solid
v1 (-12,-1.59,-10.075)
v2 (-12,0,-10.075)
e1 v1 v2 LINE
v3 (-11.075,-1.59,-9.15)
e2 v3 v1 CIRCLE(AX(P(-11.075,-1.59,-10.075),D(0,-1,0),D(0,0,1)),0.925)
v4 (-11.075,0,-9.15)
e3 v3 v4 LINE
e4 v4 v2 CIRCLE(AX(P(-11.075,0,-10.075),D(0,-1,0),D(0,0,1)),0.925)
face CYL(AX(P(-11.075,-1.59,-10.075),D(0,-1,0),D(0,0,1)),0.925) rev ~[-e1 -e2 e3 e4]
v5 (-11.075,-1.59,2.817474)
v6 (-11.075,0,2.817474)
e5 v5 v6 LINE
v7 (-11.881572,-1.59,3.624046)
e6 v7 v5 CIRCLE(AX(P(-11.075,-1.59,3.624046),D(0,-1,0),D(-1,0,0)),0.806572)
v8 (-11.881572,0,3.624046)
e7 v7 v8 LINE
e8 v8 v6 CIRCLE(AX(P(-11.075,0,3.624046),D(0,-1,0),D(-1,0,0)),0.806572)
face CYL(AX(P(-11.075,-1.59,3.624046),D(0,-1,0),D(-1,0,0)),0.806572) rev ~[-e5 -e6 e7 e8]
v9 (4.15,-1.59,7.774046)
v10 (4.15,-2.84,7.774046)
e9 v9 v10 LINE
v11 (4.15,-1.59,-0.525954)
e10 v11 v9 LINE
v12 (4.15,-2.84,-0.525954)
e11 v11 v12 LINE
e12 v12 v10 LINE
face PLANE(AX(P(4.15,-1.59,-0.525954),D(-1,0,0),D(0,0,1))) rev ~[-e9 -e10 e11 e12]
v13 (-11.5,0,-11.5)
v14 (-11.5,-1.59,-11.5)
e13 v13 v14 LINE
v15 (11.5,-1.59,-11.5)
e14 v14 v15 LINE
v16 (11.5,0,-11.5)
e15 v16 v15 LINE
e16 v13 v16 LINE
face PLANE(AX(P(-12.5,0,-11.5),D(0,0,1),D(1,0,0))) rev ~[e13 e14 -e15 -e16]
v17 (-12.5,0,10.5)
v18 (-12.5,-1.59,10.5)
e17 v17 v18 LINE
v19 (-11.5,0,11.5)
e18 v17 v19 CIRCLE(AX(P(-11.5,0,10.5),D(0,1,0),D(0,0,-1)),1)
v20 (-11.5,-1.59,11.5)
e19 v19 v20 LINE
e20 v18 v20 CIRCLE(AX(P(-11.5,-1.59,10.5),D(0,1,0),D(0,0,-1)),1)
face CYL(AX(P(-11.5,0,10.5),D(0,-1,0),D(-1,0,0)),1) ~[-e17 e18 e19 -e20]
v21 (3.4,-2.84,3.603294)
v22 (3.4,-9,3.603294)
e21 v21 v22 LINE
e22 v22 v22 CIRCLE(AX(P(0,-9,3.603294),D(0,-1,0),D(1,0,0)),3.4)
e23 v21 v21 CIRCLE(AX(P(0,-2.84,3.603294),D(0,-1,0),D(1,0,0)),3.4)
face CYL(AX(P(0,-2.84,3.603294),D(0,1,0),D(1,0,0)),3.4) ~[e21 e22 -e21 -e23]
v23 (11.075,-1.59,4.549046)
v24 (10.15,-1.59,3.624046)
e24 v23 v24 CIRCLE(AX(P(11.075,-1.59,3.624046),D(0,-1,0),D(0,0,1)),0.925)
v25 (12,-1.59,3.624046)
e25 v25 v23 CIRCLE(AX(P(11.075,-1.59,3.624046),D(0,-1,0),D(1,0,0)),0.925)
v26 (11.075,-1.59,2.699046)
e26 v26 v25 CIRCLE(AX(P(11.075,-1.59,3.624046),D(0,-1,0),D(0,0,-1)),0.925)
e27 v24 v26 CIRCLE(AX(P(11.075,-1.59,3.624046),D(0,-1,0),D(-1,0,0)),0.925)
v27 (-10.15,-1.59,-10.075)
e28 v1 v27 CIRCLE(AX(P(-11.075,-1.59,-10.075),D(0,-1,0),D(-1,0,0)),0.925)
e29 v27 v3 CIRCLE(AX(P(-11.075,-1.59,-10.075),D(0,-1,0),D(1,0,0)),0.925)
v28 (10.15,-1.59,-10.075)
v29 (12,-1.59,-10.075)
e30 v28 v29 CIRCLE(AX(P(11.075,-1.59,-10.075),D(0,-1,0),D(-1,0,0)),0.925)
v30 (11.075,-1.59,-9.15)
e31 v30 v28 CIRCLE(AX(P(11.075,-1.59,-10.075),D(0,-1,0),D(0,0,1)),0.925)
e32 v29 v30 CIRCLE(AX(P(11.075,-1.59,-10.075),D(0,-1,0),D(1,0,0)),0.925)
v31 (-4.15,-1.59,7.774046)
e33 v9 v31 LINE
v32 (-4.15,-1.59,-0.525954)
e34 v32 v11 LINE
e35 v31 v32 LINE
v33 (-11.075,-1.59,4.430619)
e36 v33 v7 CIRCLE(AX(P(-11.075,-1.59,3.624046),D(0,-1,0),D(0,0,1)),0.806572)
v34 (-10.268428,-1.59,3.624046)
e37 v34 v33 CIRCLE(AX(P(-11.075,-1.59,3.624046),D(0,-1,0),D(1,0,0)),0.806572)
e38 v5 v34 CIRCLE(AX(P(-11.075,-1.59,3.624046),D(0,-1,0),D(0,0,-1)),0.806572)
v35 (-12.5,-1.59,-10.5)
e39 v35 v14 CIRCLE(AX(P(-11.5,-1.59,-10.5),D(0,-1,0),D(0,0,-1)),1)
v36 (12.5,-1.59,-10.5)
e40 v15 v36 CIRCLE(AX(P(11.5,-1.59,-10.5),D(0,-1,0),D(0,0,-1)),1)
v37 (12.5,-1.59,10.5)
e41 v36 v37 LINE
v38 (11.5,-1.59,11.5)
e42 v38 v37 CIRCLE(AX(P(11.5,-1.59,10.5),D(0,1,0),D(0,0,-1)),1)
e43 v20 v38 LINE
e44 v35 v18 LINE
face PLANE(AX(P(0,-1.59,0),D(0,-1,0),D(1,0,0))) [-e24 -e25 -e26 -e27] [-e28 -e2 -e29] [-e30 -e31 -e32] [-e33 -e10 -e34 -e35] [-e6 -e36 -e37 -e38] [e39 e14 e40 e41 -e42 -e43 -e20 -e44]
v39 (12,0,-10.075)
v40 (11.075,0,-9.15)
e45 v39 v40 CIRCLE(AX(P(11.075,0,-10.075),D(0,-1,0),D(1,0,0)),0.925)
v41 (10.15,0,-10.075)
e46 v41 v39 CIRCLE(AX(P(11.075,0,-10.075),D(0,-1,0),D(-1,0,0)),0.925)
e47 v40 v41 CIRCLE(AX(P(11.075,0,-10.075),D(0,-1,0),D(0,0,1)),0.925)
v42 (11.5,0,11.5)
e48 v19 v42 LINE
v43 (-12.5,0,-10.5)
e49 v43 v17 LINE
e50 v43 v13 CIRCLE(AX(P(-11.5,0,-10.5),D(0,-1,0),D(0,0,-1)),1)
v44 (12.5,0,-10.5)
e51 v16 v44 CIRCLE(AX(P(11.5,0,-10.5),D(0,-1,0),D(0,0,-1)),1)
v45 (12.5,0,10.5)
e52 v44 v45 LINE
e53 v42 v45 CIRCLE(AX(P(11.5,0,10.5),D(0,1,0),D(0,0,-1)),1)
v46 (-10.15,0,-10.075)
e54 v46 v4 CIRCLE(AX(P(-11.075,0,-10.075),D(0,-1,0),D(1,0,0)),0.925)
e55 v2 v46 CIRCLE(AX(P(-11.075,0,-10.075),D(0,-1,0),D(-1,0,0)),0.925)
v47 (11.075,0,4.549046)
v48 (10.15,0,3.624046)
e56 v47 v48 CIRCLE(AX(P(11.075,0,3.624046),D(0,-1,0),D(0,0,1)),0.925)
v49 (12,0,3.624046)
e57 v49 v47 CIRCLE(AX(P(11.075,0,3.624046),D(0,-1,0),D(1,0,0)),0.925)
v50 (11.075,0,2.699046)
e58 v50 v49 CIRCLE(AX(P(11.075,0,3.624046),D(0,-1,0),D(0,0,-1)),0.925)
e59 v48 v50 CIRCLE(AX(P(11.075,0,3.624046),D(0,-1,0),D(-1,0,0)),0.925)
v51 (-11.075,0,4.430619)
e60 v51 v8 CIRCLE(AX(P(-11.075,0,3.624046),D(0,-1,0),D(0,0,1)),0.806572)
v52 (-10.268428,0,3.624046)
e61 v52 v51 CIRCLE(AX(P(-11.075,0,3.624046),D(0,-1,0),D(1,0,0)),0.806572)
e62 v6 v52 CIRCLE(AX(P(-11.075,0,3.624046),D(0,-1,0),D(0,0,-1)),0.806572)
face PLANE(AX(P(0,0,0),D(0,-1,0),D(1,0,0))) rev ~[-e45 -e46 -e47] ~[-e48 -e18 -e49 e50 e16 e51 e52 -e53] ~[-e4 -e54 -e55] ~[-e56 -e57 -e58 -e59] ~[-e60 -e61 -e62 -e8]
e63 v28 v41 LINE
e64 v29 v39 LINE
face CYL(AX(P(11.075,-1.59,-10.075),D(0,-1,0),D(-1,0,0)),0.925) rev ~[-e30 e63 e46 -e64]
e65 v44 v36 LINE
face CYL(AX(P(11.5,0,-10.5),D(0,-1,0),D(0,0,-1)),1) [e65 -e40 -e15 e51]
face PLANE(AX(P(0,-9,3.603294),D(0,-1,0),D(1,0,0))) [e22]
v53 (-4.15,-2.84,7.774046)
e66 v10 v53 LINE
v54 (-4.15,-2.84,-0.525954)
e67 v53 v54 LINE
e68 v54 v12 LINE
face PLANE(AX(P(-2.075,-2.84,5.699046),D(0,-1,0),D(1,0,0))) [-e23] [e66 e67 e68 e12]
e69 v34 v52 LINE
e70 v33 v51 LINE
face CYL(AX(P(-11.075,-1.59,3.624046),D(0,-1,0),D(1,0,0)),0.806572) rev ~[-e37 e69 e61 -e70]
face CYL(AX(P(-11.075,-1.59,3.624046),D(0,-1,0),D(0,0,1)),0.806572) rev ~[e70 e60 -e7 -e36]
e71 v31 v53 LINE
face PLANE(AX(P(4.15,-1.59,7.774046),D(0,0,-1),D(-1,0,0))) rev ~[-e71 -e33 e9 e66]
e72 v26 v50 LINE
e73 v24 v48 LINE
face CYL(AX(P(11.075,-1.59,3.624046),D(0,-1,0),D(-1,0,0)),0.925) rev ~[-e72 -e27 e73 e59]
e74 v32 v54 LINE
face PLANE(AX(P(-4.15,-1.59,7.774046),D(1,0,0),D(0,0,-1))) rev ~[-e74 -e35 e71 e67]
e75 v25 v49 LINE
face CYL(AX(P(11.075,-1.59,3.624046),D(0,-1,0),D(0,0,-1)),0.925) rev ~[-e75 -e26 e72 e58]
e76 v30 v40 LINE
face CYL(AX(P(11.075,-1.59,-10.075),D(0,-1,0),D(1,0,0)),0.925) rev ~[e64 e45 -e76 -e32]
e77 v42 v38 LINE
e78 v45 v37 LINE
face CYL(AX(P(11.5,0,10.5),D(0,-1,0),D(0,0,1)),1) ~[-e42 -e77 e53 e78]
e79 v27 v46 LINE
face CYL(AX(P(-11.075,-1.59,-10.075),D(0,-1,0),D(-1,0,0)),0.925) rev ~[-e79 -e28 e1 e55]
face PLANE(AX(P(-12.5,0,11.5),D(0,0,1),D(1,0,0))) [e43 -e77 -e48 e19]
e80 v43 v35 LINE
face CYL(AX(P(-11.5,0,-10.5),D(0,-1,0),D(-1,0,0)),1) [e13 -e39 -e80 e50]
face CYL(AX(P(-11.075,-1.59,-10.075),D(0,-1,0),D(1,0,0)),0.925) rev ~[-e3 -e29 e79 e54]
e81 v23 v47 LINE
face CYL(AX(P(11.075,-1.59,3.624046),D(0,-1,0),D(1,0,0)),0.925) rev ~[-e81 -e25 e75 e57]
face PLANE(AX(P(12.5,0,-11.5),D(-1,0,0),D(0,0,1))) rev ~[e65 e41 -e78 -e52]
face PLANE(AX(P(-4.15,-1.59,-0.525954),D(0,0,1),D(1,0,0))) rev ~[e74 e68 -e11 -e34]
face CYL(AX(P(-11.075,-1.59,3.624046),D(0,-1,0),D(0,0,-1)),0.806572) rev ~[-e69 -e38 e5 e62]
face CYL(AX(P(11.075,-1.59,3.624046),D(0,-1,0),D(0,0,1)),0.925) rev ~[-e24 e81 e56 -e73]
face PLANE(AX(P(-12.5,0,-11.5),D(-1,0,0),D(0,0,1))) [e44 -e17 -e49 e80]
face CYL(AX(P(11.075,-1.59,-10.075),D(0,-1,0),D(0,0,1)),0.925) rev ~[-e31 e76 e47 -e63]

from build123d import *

# Parameters (mm, degrees)
F0_W     = 25
F0_H     = 23
F1_DEPTH = 1.59
F3_DEPTH = 25
F2_W     = 4.15
F2_H     = 4.15
F2_H_2   = 3.6240464542
F2_H_3   = 0.5259535458
F4_DEPTH = 1.25
F5_R     = 3.4
F6_DEPTH = 6.16
F7_R     = 1


with BuildPart() as f1:
    # F0 (on Front) → F1 (new body)
    with BuildSketch(Plane.XZ):
        Rectangle(F0_W, F0_H)
    extrude(amount=F1_DEPTH)

    # F2 (on face) → F3 (cut)
    with BuildSketch(Plane.XZ.offset(1.59)):
        with BuildLine():
            Line((-10.2684276358, 3.6240464542), (-11.075, 3.6240464542))
            Line((-11.075, 3.6240464542), (-11.075, 2.81747409))
            ThreePointArc((-11.075, 2.81747409), (-10.5046672118, 3.053713666), (-10.2684276358, 3.6240464542))
        make_face()
        with BuildLine():
            ThreePointArc((-10.2684276358, 3.6240464542), (-10.5046672118, 4.1943792424), (-11.075, 4.4306188184))
            Line((-11.075, 4.4306188184), (-11.075, 3.6240464542))
            Line((-11.075, 3.6240464542), (-10.2684276358, 3.6240464542))
        make_face()
        with BuildLine():
            Line((-11.075, 3.6240464542), (-11.075, 4.4306188184))
            ThreePointArc((-11.075, 4.4306188184), (-11.6453327882, 4.1943792424), (-11.8815723642, 3.6240464542))
            Line((-11.8815723642, 3.6240464542), (-11.075, 3.6240464542))
        make_face()
        with BuildLine():
            Line((-11.075, 2.81747409), (-11.075, 3.6240464542))
            Line((-11.075, 3.6240464542), (-11.8815723642, 3.6240464542))
            ThreePointArc((-11.8815723642, 3.6240464542), (-11.6453327882, 3.053713666), (-11.075, 2.81747409))
        make_face()
        with BuildLine():
            Line((-11.075, -10.075), (-11.075, -9.15))
            ThreePointArc((-11.075, -9.15), (-11.7290737726, -9.4209262274), (-12, -10.075))
            Line((-12, -10.075), (-11.075, -10.075))
        make_face()
        with BuildLine():
            Line((-11.075, -10.075), (-10.15, -10.075))
            ThreePointArc((-10.15, -10.075), (-10.4209262274, -9.4209262274), (-11.075, -9.15))
            Line((-11.075, -9.15), (-11.075, -10.075))
        make_face()
        with BuildLine():
            ThreePointArc((-12, -10.075), (-11.075, -11), (-10.15, -10.075))
            Line((-10.15, -10.075), (-11.075, -10.075))
            Line((-11.075, -10.075), (-12, -10.075))
        make_face()
        with BuildLine():
            Line((11.075, -10.075), (10.15, -10.075))
            ThreePointArc((10.15, -10.075), (11.075, -11), (12, -10.075))
            Line((12, -10.075), (11.075, -10.075))
        make_face()
        with BuildLine():
            ThreePointArc((12, -10.075), (11.7290737726, -9.4209262274), (11.075, -9.15))
            Line((11.075, -9.15), (11.075, -10.075))
            Line((11.075, -10.075), (12, -10.075))
        make_face()
        with BuildLine():
            ThreePointArc((11.075, -9.15), (10.4209262274, -9.4209262274), (10.15, -10.075))
            Line((10.15, -10.075), (11.075, -10.075))
            Line((11.075, -10.075), (11.075, -9.15))
        make_face()
        with BuildLine():
            Line((11.075, 2.6990464542), (11.075, 3.6240464542))
            Line((11.075, 3.6240464542), (10.15, 3.6240464542))
            ThreePointArc((10.15, 3.6240464542), (10.4209262274, 2.9699726816), (11.075, 2.6990464542))
        make_face()
        with BuildLine():
            ThreePointArc((12, 3.6240464542), (11.7290737726, 4.2781202268), (11.075, 4.5490464542))
            Line((11.075, 4.5490464542), (11.075, 3.6240464542))
            Line((11.075, 3.6240464542), (12, 3.6240464542))
        make_face()
        with BuildLine():
            Line((12, 3.6240464542), (11.075, 3.6240464542))
            Line((11.075, 3.6240464542), (11.075, 2.6990464542))
            ThreePointArc((11.075, 2.6990464542), (11.7290737726, 2.9699726816), (12, 3.6240464542))
        make_face()
        with BuildLine():
            Line((11.075, 3.6240464542), (11.075, 4.5490464542))
            ThreePointArc((11.075, 4.5490464542), (10.4209262274, 4.2781202268), (10.15, 3.6240464542))
            Line((10.15, 3.6240464542), (11.075, 3.6240464542))
        make_face()
    extrude(amount=-F3_DEPTH, mode=Mode.SUBTRACT)

    # F2 (on face) → F4 (join)
    with BuildSketch(Plane.XZ.offset(1.59)):
        with Locations((-2.075, 5.6990464542)):
            Rectangle(F2_W, F2_H)
        with Locations((2.075, 5.6990464542)):
            Rectangle(F2_W, F2_H)
        with Locations((2.075, 1.8120232271)):
            Rectangle(F2_W, F2_H_2)
        with Locations((-2.075, 1.8120232271)):
            Rectangle(F2_W, F2_H_2)
        with Locations((-2.075, -0.2629767729)):
            Rectangle(F2_W, F2_H_3)
        with Locations((2.075, -0.2629767729)):
            Rectangle(F2_W, F2_H_3)
    extrude(amount=F4_DEPTH)

    # F5 (on face) → F6 (join)
    with BuildSketch(Plane.XZ.offset(2.84)):
        with Locations((0, 3.603294285)):
            Circle(F5_R)
    extrude(amount=F6_DEPTH)

    # F7
    f7_edges = [f1.edges().sort_by_distance(p)[0] for p in [
        (-12.5, -0.795, -11.5),
        (-12.5, -0.795, 11.5),
        (12.5, -0.795, -11.5),
        (12.5, -0.795, 11.5),
    ]]
    fillet(f7_edges, radius=F7_R)


solid = f1.part
